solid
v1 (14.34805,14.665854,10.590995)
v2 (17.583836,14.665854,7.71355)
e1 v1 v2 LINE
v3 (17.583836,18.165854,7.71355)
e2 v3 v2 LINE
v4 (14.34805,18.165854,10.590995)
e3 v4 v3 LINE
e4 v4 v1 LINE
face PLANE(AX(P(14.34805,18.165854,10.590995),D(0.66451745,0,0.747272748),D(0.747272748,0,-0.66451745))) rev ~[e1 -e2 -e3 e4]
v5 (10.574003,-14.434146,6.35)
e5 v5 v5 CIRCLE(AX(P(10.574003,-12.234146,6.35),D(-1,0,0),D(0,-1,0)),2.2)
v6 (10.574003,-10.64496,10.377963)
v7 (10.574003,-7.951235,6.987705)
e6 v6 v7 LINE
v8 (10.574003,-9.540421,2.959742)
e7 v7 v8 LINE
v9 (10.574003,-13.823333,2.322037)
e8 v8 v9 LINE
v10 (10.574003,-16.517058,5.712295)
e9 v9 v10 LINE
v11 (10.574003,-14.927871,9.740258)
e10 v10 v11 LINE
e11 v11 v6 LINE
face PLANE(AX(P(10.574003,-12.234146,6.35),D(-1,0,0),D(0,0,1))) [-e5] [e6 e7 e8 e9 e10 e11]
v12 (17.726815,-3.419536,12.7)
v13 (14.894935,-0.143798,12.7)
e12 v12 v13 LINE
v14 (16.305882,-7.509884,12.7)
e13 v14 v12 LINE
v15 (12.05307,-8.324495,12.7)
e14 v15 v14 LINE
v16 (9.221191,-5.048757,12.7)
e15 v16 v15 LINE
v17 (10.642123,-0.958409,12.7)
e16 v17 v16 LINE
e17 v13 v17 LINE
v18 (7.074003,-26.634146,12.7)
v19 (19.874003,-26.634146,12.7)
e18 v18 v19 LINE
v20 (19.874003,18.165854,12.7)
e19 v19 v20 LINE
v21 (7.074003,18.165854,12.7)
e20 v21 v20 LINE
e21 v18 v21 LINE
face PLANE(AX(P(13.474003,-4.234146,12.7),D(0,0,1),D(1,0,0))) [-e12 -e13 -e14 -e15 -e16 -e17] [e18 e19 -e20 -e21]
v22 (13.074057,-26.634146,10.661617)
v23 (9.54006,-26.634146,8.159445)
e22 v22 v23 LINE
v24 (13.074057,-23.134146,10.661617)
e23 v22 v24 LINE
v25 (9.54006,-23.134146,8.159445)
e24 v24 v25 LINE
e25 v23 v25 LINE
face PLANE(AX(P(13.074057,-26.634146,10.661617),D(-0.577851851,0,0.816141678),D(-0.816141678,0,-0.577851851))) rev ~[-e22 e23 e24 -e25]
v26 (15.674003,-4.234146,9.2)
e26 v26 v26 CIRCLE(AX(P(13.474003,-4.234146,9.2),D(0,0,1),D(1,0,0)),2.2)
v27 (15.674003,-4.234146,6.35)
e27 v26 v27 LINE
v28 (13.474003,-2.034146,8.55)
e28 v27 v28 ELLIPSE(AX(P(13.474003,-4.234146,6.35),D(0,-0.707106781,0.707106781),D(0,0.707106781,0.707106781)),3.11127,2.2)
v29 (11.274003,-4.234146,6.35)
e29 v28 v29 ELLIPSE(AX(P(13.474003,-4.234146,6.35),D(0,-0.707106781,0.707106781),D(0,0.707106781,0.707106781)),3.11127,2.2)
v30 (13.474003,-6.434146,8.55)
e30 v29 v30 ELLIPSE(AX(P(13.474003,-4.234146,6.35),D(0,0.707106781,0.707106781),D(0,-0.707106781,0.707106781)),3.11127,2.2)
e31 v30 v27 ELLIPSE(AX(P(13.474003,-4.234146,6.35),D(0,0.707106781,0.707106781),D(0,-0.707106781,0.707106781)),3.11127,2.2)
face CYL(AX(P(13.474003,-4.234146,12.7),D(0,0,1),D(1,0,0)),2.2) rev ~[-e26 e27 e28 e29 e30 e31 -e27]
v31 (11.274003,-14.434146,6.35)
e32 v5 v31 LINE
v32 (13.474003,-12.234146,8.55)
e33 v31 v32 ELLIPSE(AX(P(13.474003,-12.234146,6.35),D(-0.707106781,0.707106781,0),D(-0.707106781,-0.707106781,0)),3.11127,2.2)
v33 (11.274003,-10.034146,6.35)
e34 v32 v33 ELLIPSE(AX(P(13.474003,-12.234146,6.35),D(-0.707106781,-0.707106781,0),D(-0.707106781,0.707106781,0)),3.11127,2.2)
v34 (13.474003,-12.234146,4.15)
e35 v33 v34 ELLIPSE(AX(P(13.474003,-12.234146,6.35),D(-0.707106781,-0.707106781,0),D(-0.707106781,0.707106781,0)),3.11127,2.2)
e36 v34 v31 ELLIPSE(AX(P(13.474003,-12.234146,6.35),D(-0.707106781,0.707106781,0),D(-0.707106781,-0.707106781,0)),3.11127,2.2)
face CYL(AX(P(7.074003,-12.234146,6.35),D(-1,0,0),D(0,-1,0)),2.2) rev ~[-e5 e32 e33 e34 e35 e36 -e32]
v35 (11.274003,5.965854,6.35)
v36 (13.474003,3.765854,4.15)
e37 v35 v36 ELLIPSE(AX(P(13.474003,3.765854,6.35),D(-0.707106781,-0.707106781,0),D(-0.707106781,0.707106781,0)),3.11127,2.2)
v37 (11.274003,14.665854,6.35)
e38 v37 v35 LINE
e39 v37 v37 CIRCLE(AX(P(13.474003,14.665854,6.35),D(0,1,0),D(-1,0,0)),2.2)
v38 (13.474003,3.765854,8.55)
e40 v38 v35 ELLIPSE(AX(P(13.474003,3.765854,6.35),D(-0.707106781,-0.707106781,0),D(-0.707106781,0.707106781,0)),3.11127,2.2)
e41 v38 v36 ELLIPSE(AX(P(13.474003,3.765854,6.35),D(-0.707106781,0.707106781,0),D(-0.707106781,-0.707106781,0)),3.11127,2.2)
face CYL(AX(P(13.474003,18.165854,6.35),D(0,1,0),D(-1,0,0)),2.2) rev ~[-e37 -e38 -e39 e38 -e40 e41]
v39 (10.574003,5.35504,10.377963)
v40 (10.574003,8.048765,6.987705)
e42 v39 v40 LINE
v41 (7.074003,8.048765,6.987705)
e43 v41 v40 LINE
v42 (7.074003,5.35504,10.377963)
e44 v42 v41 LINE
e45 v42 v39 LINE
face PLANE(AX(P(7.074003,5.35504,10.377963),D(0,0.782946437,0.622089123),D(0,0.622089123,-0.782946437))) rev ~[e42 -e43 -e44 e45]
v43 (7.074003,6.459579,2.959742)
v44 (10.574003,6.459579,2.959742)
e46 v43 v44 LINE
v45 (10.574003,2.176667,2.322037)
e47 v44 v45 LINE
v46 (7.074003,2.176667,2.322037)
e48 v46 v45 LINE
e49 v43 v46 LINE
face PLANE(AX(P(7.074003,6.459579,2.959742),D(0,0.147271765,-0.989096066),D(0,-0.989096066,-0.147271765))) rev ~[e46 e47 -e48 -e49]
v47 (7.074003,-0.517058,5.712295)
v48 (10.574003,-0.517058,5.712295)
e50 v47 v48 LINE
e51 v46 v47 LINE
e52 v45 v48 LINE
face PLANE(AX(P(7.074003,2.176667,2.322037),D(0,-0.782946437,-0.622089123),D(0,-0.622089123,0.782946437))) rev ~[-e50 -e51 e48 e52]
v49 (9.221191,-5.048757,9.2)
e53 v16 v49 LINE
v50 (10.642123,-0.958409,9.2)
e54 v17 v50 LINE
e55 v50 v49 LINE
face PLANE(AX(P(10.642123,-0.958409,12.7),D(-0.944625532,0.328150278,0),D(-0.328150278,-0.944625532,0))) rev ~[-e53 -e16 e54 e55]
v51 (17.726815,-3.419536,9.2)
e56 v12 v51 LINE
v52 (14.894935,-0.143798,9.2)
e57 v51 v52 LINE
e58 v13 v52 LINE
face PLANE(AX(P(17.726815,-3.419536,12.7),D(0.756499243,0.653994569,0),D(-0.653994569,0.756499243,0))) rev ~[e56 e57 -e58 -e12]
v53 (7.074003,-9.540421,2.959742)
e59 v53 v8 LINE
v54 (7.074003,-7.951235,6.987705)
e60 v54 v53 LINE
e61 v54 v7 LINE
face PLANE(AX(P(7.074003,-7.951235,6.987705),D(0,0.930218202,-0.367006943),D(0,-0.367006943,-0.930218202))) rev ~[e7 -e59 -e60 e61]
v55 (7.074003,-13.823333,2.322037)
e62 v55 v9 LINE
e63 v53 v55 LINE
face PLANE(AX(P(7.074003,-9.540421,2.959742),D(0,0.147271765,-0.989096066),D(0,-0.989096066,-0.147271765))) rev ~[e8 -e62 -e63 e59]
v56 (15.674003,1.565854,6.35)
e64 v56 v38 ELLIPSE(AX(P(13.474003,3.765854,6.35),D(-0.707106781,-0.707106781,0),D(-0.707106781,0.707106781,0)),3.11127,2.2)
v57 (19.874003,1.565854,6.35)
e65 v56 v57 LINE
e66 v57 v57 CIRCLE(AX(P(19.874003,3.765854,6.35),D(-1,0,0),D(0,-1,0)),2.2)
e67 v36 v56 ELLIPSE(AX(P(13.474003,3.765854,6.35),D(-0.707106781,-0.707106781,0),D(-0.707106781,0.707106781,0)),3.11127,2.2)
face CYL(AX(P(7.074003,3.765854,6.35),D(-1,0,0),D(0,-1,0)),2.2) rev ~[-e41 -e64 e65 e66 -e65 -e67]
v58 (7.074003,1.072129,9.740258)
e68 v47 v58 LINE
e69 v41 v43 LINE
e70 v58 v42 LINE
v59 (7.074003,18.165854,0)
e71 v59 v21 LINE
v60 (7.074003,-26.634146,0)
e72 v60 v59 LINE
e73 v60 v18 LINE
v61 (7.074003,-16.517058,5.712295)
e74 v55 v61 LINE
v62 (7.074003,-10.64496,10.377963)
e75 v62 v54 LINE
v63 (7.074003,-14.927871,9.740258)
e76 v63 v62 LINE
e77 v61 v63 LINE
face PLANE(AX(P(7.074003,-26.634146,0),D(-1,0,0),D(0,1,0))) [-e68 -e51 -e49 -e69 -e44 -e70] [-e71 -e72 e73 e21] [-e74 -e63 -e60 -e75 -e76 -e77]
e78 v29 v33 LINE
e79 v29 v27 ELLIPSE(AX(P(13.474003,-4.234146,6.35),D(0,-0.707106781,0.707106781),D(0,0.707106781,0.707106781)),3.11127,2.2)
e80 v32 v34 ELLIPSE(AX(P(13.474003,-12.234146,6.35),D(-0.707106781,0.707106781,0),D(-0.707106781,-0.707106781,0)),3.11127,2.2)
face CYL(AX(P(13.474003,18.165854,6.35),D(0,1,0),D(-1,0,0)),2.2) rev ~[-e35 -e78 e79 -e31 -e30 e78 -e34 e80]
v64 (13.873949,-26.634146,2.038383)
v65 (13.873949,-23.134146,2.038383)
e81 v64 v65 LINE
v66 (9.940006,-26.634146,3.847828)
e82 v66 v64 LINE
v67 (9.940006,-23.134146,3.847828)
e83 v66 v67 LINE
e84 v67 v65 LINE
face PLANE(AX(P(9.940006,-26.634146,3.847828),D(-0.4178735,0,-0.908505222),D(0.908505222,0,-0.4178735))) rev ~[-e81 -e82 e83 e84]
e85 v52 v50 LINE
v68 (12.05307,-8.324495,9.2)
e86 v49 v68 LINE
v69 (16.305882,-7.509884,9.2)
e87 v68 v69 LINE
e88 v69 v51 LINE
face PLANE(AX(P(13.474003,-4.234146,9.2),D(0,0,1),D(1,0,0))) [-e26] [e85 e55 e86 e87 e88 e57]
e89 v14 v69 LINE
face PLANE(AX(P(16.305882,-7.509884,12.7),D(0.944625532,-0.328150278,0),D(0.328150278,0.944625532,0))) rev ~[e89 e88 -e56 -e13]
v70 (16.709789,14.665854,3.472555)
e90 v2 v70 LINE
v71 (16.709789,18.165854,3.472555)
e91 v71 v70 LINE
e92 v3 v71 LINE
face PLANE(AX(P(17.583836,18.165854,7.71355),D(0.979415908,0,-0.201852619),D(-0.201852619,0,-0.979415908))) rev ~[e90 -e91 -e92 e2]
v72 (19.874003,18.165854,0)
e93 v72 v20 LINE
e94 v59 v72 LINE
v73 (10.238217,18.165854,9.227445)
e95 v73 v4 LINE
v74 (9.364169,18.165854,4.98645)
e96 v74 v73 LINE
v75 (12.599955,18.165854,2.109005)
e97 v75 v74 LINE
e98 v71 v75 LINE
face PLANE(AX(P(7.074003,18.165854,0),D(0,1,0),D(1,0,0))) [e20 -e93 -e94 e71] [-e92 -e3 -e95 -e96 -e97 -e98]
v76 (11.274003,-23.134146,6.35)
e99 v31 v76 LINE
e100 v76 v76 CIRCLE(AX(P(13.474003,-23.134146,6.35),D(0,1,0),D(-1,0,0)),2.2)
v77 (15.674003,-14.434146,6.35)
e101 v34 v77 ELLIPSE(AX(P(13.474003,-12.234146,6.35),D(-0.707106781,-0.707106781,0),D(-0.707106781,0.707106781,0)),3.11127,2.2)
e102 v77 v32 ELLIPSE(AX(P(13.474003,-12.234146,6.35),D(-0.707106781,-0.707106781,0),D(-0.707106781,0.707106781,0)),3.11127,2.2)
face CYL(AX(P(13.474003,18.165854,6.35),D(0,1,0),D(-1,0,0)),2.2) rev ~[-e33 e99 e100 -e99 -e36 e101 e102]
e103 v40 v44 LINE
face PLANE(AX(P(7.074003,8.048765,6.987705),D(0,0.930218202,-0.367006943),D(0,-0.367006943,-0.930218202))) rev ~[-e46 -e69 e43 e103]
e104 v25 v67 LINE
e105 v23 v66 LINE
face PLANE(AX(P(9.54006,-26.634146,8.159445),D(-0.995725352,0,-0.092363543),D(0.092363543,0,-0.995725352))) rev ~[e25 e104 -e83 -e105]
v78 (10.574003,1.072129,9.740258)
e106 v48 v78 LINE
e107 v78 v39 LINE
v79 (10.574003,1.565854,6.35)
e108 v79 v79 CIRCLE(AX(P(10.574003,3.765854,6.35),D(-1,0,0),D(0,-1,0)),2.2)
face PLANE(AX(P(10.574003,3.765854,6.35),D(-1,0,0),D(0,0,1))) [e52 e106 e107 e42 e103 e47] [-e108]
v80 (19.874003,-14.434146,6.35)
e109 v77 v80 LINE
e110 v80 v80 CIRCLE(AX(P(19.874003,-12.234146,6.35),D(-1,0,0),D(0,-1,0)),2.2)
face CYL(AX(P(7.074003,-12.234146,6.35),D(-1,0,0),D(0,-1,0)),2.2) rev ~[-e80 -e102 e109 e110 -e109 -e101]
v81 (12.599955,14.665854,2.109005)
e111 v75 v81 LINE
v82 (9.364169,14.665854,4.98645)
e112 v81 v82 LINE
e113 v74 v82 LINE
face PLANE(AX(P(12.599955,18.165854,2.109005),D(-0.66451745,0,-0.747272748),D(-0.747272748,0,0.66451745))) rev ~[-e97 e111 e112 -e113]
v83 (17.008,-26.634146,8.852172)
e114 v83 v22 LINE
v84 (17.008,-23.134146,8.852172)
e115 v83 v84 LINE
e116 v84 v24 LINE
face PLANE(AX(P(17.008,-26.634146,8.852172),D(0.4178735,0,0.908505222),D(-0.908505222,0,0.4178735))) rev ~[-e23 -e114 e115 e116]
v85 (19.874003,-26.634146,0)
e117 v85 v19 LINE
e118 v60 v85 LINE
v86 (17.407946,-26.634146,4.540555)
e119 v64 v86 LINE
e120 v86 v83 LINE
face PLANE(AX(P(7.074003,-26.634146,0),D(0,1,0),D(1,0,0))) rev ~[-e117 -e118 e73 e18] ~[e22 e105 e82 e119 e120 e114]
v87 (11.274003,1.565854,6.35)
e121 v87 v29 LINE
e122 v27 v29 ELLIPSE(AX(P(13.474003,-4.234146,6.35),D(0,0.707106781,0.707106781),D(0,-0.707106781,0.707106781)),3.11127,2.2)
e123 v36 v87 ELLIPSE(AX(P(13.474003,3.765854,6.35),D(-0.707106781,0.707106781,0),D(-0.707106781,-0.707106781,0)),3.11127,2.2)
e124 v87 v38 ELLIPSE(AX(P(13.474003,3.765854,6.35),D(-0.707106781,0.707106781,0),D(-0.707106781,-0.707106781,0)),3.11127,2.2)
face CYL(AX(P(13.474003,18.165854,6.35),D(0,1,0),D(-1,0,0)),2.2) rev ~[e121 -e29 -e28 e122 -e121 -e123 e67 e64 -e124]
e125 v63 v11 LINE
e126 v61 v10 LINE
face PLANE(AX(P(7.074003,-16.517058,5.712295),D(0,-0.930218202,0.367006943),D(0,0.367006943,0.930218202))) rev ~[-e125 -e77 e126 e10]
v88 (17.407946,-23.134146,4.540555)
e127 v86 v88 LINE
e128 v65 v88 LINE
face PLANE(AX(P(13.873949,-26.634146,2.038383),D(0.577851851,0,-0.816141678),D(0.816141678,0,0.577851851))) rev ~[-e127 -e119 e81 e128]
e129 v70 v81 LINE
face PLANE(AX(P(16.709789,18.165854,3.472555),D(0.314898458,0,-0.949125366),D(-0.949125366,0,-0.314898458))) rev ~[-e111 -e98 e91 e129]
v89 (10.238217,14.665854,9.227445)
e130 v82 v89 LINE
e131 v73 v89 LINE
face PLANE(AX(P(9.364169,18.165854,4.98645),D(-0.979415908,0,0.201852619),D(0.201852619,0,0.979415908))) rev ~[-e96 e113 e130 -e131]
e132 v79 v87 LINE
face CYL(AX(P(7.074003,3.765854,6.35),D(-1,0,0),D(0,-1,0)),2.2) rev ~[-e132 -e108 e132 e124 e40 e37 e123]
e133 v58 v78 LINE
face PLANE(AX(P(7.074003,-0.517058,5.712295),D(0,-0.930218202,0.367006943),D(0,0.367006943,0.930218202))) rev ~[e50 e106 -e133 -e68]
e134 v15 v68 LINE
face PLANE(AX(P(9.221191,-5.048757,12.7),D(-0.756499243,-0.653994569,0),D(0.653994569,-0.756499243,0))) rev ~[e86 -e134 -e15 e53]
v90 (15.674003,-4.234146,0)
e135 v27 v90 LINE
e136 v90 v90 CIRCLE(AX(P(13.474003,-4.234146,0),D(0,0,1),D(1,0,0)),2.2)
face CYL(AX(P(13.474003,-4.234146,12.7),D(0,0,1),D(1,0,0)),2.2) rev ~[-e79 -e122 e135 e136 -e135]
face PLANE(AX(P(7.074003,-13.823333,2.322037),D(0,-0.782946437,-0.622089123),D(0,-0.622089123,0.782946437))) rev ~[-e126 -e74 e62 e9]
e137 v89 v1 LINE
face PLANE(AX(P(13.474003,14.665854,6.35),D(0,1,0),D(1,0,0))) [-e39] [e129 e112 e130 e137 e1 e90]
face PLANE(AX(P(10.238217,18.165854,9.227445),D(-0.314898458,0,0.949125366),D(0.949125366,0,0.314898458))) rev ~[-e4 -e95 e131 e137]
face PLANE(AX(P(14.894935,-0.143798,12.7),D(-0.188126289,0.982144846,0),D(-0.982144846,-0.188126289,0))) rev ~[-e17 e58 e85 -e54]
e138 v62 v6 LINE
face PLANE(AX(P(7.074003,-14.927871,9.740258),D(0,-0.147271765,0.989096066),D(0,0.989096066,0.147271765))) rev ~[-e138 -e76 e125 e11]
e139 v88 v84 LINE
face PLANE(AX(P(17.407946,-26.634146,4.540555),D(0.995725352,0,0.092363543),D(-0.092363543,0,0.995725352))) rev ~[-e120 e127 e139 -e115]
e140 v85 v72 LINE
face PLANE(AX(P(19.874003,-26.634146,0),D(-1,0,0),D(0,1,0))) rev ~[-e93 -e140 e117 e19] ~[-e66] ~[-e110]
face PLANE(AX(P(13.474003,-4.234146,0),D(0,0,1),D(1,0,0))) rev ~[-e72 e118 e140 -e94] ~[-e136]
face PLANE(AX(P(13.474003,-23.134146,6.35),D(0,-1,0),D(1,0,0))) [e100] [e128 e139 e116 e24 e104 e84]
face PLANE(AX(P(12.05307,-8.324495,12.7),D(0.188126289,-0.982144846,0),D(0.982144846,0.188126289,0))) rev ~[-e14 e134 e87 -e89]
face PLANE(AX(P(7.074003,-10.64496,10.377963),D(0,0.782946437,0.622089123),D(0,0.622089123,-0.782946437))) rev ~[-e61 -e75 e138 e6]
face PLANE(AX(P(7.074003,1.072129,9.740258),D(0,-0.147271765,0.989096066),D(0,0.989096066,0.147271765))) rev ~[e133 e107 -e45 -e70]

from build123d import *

# Parameters (mm, degrees)
SKETCH_1_W          = 12.8
SKETCH_1_H          = 44.8
EXTRUDE_1_DEPTH     = 12.7
SKETCH_2_R          = 2.2
CUT_EXTRUDE_1_DEPTH = 36.575886954
SKETCH_3_R          = 2.2
CUT_EXTRUDE_2_DEPTH = 33.16376457
SKETCH_4_R          = 2.2
CUT_EXTRUDE_3_DEPTH = 51.629102117
CUT_EXTRUDE_4_DEPTH = 3.5
CUT_EXTRUDE_5_DEPTH = 3.5
CUT_EXTRUDE_6_DEPTH = 3.5
CUT_EXTRUDE_7_DEPTH = 3.5


with BuildPart() as part:
    # 草圖1 → 填料-伸長1 (new body)
    with BuildSketch(Plane.XY):
        with Locations((13.474002647, -4.234146341)):
            Rectangle(SKETCH_1_W, SKETCH_1_H)
    extrude(amount=EXTRUDE_1_DEPTH)

    # 草圖2 → 除料-伸長1 (cut, through all)
    with BuildSketch(Plane.XY.offset(12.7)):
        with Locations((13.474002647, -4.234146341)):
            Circle(SKETCH_2_R)
    extrude(amount=-CUT_EXTRUDE_1_DEPTH, mode=Mode.SUBTRACT)

    # 草圖3 → 除料-伸長2 (cut, through all)
    with BuildSketch(Plane.ZY.offset(-7.074002647)):
        with Locations(Location((6.35, 3.765853659, 0), (0, 0, 270))):
            Circle(SKETCH_3_R)
        with Locations(Location((6.35, -12.234146341, 0), (0, 0, 270))):
            Circle(SKETCH_3_R)
    extrude(amount=-CUT_EXTRUDE_2_DEPTH, mode=Mode.SUBTRACT)

    # 草圖4 → 除料-伸長3 (cut, through all)
    with BuildSketch(Plane(origin=(0, 18.165853659, 0), x_dir=(1, 0, 0), z_dir=(0, 1, 0))):
        with Locations(Location((13.474002647, -6.35, 0), (0, 0, 180))):
            Circle(SKETCH_4_R)
    extrude(amount=-CUT_EXTRUDE_3_DEPTH, mode=Mode.SUBTRACT)

    # 草圖5 → 除料-伸長4 (cut)
    with BuildSketch(Plane.XY.offset(12.7)):
        Polygon((9.221190711, -5.048757069), (12.053070264, -8.324494879), (16.3058822, -7.509884151), (17.726814583, -3.419535613), (14.89493503, -0.143797803), (10.642123094, -0.958408532), align=None)
    extrude(amount=-CUT_EXTRUDE_4_DEPTH, mode=Mode.SUBTRACT)

    # 草圖6 → 除料-伸長5 (cut)
    with BuildSketch(Plane.ZY.offset(-7.074002647)):
        Polygon((9.740257522, -14.92787126), (10.377962971, -10.644959661), (6.987705449, -7.951234743), (2.959742478, -9.540421423), (2.322037029, -13.823333022), (5.712294551, -16.51705794), align=None)
        Polygon((9.740257522, 1.07212874), (10.377962971, 5.355040339), (6.987705449, 8.048765257), (2.959742478, 6.459578577), (2.322037029, 2.176666978), (5.712294551, -0.51705794), align=None)
    extrude(amount=-CUT_EXTRUDE_5_DEPTH, mode=Mode.SUBTRACT)

    # 草圖7 → 除料-伸長6 (cut)
    with BuildSketch(Plane.XZ.offset(26.634146341)):
        Polygon((17.407945653, 4.540554664), (17.007999778, 8.852171913), (13.074056771, 10.661617248), (9.540059641, 8.159445336), (9.940005516, 3.847828087), (13.873948523, 2.038382752), align=None)
    extrude(amount=-CUT_EXTRUDE_6_DEPTH, mode=Mode.SUBTRACT)

    # 草圖8 → 除料-伸長7 (cut)
    with BuildSketch(Plane(origin=(0, 18.165853659, 0), x_dir=(1, 0, 0), z_dir=(0, 1, 0))):
        Polygon((14.348050125, -10.590995285), (17.58383604, -7.713550322), (16.709788562, -3.472555037), (12.599955169, -2.109004715), (9.364169254, -4.986449678), (10.238216732, -9.227444963), align=None)
    extrude(amount=-CUT_EXTRUDE_7_DEPTH, mode=Mode.SUBTRACT)


solid = part.part
